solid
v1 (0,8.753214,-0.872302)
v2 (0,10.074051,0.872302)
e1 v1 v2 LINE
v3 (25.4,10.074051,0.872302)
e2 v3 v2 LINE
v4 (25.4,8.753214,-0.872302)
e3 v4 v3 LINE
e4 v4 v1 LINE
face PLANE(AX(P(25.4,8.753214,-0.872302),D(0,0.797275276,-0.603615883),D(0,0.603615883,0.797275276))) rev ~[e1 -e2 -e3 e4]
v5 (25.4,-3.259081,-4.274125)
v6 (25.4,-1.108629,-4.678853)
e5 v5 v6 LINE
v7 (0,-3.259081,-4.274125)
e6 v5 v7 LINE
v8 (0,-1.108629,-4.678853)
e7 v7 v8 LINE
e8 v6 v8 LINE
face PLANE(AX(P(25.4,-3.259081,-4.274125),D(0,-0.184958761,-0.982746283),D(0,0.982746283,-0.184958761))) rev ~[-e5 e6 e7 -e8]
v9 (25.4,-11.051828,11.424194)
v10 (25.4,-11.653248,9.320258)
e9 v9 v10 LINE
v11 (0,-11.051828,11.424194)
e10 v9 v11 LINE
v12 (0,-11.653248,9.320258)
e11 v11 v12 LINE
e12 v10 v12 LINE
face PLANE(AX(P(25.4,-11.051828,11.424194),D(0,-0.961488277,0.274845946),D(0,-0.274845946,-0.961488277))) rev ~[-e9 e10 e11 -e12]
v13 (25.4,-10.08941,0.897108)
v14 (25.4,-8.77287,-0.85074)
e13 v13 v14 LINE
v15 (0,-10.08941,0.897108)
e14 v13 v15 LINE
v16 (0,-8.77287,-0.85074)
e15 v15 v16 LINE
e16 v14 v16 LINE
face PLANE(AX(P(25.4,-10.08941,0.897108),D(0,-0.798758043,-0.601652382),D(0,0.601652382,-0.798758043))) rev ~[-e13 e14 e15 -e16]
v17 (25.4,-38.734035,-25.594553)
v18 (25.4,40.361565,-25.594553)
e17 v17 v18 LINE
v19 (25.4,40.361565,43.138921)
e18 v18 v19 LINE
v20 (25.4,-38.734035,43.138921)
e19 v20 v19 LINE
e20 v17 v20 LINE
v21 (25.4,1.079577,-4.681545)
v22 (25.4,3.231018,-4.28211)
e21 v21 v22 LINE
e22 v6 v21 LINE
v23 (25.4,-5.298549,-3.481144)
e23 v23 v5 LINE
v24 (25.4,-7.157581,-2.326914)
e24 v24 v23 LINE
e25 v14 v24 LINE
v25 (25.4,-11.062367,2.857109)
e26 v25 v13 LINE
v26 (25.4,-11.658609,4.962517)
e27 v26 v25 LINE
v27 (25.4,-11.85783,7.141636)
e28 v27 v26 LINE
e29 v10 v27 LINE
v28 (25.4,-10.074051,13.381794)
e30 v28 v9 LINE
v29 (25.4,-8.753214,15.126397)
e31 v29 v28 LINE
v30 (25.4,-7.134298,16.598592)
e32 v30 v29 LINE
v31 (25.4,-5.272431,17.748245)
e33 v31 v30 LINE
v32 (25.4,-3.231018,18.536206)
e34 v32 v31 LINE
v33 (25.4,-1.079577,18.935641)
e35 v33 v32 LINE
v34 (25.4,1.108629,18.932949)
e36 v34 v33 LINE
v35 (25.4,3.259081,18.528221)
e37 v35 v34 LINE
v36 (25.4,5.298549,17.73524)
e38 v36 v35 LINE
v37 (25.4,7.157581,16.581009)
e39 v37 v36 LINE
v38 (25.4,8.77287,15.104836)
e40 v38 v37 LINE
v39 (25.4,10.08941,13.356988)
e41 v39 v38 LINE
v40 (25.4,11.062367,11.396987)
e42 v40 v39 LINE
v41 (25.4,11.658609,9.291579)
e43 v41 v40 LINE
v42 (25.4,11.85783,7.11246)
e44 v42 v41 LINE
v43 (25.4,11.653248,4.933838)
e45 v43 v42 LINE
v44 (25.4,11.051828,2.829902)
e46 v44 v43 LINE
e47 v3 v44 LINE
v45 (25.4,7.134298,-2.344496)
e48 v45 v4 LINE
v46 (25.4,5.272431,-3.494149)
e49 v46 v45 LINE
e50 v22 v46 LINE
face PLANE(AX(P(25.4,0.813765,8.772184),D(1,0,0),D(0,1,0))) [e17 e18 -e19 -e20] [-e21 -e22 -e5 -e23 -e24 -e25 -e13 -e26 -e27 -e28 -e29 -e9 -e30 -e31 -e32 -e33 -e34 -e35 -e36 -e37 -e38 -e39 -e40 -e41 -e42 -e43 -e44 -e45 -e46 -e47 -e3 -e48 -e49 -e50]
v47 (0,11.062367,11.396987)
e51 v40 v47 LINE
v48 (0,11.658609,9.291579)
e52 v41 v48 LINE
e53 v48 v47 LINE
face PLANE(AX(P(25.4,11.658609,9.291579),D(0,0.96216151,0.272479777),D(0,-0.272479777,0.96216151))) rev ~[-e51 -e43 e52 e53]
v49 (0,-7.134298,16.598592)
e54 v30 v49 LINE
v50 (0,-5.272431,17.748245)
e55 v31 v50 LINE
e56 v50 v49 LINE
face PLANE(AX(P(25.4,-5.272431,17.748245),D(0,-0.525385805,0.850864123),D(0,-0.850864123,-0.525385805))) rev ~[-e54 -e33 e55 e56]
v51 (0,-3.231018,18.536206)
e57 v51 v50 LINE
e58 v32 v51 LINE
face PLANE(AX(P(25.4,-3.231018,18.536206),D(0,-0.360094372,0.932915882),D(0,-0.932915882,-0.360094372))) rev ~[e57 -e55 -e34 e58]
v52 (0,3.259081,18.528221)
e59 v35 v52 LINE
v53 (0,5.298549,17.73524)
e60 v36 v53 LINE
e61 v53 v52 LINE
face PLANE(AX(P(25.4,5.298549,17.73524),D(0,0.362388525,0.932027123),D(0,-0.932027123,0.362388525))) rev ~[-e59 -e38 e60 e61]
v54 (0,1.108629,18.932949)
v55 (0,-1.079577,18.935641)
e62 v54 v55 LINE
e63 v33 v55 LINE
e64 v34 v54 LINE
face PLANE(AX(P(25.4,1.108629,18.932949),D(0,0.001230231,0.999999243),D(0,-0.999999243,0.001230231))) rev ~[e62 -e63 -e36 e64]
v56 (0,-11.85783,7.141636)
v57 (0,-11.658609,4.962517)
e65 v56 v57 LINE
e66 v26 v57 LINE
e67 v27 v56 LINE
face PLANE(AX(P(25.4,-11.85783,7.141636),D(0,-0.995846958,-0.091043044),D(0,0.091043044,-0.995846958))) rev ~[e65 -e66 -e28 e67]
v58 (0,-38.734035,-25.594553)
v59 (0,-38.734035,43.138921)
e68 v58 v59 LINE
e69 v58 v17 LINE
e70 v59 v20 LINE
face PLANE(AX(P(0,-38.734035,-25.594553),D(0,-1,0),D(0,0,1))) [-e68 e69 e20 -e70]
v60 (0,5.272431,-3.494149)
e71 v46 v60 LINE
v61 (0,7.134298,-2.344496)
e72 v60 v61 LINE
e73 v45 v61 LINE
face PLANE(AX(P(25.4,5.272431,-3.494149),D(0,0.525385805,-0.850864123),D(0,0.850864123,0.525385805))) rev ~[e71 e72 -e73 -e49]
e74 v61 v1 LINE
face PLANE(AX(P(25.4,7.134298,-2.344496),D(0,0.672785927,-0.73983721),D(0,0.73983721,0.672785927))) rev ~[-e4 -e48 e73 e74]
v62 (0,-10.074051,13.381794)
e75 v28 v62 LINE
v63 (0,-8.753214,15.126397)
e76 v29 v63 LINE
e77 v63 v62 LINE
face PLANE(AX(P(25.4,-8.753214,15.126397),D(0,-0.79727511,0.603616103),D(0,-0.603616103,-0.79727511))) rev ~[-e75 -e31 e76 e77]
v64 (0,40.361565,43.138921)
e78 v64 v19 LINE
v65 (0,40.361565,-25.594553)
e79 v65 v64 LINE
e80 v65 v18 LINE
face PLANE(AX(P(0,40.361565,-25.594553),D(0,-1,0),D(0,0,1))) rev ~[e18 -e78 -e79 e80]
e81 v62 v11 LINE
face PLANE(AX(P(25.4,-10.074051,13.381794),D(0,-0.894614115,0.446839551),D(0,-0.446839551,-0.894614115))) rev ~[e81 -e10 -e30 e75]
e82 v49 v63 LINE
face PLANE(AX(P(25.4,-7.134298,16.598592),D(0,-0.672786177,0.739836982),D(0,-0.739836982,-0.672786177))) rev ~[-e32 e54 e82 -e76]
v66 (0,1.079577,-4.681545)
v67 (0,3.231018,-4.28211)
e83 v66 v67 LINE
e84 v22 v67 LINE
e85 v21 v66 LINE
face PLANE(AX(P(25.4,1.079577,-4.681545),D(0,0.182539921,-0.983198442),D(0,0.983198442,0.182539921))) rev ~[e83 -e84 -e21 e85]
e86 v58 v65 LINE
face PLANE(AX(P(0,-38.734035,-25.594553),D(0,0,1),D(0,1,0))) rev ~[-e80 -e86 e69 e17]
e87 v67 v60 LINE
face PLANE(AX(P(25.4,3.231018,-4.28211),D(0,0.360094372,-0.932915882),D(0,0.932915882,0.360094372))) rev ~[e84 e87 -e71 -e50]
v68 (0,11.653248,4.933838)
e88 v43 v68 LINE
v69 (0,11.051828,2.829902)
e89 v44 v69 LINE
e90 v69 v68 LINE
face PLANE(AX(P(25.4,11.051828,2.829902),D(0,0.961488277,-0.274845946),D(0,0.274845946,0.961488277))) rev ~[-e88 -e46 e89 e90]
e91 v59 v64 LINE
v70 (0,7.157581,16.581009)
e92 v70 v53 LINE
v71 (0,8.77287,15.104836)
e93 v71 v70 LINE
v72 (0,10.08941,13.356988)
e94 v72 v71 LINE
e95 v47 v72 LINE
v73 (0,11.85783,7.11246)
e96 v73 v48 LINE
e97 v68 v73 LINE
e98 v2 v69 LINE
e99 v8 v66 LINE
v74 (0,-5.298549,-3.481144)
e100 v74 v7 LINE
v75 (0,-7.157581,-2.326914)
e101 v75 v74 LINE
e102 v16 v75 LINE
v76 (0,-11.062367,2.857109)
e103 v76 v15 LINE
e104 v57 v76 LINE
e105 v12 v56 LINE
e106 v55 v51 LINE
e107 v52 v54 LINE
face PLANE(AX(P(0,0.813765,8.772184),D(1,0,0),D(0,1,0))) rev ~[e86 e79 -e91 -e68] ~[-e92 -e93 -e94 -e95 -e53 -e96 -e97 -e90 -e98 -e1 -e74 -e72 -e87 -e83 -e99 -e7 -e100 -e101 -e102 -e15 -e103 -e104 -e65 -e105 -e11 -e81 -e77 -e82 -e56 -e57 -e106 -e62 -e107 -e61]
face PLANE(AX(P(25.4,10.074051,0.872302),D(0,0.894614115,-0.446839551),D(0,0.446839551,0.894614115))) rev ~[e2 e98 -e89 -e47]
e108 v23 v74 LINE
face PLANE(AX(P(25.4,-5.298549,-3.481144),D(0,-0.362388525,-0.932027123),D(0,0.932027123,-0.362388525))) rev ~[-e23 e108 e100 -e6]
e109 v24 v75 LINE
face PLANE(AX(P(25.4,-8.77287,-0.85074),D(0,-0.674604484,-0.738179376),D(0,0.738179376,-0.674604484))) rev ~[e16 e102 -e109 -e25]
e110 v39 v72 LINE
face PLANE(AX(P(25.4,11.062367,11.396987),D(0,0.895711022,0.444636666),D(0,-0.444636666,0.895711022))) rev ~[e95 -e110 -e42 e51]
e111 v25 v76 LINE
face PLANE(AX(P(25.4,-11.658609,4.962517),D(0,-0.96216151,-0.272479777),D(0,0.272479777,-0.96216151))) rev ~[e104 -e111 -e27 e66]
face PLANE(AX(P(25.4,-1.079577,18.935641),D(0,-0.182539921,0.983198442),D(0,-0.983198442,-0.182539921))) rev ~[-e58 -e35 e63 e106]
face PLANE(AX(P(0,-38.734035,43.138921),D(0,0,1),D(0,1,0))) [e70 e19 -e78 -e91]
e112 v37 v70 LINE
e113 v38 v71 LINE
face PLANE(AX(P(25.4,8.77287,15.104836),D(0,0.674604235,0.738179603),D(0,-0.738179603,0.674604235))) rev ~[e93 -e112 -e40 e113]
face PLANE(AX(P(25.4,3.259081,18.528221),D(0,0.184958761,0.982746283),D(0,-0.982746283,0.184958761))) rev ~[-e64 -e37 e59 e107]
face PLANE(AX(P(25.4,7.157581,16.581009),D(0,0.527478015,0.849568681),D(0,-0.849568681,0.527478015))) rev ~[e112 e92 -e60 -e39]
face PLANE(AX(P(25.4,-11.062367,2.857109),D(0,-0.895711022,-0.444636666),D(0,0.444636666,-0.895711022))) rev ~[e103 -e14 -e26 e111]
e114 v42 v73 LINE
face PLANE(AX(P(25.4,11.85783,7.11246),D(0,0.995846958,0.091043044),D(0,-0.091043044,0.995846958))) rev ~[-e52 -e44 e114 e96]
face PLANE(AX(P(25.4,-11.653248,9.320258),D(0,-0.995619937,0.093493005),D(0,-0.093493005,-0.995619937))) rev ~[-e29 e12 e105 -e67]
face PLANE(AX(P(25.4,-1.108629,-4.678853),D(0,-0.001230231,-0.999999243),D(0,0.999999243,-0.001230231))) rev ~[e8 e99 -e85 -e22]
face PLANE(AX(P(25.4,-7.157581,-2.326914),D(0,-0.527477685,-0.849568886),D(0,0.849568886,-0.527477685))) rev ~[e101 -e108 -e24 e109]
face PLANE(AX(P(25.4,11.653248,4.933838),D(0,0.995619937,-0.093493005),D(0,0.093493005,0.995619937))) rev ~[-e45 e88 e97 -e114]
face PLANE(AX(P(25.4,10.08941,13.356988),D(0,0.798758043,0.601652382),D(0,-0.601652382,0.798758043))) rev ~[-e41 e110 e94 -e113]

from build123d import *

# Parameters (mm, degrees)
F0_W     = 79.0956
F0_H     = 68.733474
F1_DEPTH = 25.4
F3_DEPTH = 25.4


with BuildPart() as f1:
    # F0 (on Right) → F1 (new body)
    with BuildSketch(Plane.YZ):
        with Locations((0.813765, 8.772184)):
            Rectangle(F0_W, F0_H)
    extrude(amount=F1_DEPTH)

    # F2 (on face) → F3 (cut)
    with BuildSketch(Plane.YZ.offset(25.4)):
        Polygon((8.753214, -0.872302), (10.074051, 0.872302), (11.051828, 2.829902), (11.653248, 4.933838), (11.85783, 7.11246), (11.658609, 9.291579), (11.062367, 11.396987), (10.08941, 13.356988), (8.77287, 15.104836), (7.157581, 16.581009), (5.298549, 17.73524), (3.259081, 18.528221), (1.108629, 18.932949), (-1.079577, 18.935641), (-3.231018, 18.536206), (-5.272431, 17.748245), (-7.134298, 16.598592), (-8.753214, 15.126397), (-10.074051, 13.381794), (-11.051828, 11.424194), (-11.653248, 9.320258), (-11.85783, 7.141636), (-11.658609, 4.962517), (-11.062367, 2.857109), (-10.08941, 0.897108), (-8.77287, -0.85074), (-7.157581, -2.326914), (-5.298549, -3.481144), (-3.259081, -4.274125), (-1.108629, -4.678853), (1.079577, -4.681545), (3.231018, -4.28211), (5.272431, -3.494149), (7.134298, -2.344496), align=None)
    extrude(amount=-F3_DEPTH, mode=Mode.SUBTRACT)


solid = f1.part
